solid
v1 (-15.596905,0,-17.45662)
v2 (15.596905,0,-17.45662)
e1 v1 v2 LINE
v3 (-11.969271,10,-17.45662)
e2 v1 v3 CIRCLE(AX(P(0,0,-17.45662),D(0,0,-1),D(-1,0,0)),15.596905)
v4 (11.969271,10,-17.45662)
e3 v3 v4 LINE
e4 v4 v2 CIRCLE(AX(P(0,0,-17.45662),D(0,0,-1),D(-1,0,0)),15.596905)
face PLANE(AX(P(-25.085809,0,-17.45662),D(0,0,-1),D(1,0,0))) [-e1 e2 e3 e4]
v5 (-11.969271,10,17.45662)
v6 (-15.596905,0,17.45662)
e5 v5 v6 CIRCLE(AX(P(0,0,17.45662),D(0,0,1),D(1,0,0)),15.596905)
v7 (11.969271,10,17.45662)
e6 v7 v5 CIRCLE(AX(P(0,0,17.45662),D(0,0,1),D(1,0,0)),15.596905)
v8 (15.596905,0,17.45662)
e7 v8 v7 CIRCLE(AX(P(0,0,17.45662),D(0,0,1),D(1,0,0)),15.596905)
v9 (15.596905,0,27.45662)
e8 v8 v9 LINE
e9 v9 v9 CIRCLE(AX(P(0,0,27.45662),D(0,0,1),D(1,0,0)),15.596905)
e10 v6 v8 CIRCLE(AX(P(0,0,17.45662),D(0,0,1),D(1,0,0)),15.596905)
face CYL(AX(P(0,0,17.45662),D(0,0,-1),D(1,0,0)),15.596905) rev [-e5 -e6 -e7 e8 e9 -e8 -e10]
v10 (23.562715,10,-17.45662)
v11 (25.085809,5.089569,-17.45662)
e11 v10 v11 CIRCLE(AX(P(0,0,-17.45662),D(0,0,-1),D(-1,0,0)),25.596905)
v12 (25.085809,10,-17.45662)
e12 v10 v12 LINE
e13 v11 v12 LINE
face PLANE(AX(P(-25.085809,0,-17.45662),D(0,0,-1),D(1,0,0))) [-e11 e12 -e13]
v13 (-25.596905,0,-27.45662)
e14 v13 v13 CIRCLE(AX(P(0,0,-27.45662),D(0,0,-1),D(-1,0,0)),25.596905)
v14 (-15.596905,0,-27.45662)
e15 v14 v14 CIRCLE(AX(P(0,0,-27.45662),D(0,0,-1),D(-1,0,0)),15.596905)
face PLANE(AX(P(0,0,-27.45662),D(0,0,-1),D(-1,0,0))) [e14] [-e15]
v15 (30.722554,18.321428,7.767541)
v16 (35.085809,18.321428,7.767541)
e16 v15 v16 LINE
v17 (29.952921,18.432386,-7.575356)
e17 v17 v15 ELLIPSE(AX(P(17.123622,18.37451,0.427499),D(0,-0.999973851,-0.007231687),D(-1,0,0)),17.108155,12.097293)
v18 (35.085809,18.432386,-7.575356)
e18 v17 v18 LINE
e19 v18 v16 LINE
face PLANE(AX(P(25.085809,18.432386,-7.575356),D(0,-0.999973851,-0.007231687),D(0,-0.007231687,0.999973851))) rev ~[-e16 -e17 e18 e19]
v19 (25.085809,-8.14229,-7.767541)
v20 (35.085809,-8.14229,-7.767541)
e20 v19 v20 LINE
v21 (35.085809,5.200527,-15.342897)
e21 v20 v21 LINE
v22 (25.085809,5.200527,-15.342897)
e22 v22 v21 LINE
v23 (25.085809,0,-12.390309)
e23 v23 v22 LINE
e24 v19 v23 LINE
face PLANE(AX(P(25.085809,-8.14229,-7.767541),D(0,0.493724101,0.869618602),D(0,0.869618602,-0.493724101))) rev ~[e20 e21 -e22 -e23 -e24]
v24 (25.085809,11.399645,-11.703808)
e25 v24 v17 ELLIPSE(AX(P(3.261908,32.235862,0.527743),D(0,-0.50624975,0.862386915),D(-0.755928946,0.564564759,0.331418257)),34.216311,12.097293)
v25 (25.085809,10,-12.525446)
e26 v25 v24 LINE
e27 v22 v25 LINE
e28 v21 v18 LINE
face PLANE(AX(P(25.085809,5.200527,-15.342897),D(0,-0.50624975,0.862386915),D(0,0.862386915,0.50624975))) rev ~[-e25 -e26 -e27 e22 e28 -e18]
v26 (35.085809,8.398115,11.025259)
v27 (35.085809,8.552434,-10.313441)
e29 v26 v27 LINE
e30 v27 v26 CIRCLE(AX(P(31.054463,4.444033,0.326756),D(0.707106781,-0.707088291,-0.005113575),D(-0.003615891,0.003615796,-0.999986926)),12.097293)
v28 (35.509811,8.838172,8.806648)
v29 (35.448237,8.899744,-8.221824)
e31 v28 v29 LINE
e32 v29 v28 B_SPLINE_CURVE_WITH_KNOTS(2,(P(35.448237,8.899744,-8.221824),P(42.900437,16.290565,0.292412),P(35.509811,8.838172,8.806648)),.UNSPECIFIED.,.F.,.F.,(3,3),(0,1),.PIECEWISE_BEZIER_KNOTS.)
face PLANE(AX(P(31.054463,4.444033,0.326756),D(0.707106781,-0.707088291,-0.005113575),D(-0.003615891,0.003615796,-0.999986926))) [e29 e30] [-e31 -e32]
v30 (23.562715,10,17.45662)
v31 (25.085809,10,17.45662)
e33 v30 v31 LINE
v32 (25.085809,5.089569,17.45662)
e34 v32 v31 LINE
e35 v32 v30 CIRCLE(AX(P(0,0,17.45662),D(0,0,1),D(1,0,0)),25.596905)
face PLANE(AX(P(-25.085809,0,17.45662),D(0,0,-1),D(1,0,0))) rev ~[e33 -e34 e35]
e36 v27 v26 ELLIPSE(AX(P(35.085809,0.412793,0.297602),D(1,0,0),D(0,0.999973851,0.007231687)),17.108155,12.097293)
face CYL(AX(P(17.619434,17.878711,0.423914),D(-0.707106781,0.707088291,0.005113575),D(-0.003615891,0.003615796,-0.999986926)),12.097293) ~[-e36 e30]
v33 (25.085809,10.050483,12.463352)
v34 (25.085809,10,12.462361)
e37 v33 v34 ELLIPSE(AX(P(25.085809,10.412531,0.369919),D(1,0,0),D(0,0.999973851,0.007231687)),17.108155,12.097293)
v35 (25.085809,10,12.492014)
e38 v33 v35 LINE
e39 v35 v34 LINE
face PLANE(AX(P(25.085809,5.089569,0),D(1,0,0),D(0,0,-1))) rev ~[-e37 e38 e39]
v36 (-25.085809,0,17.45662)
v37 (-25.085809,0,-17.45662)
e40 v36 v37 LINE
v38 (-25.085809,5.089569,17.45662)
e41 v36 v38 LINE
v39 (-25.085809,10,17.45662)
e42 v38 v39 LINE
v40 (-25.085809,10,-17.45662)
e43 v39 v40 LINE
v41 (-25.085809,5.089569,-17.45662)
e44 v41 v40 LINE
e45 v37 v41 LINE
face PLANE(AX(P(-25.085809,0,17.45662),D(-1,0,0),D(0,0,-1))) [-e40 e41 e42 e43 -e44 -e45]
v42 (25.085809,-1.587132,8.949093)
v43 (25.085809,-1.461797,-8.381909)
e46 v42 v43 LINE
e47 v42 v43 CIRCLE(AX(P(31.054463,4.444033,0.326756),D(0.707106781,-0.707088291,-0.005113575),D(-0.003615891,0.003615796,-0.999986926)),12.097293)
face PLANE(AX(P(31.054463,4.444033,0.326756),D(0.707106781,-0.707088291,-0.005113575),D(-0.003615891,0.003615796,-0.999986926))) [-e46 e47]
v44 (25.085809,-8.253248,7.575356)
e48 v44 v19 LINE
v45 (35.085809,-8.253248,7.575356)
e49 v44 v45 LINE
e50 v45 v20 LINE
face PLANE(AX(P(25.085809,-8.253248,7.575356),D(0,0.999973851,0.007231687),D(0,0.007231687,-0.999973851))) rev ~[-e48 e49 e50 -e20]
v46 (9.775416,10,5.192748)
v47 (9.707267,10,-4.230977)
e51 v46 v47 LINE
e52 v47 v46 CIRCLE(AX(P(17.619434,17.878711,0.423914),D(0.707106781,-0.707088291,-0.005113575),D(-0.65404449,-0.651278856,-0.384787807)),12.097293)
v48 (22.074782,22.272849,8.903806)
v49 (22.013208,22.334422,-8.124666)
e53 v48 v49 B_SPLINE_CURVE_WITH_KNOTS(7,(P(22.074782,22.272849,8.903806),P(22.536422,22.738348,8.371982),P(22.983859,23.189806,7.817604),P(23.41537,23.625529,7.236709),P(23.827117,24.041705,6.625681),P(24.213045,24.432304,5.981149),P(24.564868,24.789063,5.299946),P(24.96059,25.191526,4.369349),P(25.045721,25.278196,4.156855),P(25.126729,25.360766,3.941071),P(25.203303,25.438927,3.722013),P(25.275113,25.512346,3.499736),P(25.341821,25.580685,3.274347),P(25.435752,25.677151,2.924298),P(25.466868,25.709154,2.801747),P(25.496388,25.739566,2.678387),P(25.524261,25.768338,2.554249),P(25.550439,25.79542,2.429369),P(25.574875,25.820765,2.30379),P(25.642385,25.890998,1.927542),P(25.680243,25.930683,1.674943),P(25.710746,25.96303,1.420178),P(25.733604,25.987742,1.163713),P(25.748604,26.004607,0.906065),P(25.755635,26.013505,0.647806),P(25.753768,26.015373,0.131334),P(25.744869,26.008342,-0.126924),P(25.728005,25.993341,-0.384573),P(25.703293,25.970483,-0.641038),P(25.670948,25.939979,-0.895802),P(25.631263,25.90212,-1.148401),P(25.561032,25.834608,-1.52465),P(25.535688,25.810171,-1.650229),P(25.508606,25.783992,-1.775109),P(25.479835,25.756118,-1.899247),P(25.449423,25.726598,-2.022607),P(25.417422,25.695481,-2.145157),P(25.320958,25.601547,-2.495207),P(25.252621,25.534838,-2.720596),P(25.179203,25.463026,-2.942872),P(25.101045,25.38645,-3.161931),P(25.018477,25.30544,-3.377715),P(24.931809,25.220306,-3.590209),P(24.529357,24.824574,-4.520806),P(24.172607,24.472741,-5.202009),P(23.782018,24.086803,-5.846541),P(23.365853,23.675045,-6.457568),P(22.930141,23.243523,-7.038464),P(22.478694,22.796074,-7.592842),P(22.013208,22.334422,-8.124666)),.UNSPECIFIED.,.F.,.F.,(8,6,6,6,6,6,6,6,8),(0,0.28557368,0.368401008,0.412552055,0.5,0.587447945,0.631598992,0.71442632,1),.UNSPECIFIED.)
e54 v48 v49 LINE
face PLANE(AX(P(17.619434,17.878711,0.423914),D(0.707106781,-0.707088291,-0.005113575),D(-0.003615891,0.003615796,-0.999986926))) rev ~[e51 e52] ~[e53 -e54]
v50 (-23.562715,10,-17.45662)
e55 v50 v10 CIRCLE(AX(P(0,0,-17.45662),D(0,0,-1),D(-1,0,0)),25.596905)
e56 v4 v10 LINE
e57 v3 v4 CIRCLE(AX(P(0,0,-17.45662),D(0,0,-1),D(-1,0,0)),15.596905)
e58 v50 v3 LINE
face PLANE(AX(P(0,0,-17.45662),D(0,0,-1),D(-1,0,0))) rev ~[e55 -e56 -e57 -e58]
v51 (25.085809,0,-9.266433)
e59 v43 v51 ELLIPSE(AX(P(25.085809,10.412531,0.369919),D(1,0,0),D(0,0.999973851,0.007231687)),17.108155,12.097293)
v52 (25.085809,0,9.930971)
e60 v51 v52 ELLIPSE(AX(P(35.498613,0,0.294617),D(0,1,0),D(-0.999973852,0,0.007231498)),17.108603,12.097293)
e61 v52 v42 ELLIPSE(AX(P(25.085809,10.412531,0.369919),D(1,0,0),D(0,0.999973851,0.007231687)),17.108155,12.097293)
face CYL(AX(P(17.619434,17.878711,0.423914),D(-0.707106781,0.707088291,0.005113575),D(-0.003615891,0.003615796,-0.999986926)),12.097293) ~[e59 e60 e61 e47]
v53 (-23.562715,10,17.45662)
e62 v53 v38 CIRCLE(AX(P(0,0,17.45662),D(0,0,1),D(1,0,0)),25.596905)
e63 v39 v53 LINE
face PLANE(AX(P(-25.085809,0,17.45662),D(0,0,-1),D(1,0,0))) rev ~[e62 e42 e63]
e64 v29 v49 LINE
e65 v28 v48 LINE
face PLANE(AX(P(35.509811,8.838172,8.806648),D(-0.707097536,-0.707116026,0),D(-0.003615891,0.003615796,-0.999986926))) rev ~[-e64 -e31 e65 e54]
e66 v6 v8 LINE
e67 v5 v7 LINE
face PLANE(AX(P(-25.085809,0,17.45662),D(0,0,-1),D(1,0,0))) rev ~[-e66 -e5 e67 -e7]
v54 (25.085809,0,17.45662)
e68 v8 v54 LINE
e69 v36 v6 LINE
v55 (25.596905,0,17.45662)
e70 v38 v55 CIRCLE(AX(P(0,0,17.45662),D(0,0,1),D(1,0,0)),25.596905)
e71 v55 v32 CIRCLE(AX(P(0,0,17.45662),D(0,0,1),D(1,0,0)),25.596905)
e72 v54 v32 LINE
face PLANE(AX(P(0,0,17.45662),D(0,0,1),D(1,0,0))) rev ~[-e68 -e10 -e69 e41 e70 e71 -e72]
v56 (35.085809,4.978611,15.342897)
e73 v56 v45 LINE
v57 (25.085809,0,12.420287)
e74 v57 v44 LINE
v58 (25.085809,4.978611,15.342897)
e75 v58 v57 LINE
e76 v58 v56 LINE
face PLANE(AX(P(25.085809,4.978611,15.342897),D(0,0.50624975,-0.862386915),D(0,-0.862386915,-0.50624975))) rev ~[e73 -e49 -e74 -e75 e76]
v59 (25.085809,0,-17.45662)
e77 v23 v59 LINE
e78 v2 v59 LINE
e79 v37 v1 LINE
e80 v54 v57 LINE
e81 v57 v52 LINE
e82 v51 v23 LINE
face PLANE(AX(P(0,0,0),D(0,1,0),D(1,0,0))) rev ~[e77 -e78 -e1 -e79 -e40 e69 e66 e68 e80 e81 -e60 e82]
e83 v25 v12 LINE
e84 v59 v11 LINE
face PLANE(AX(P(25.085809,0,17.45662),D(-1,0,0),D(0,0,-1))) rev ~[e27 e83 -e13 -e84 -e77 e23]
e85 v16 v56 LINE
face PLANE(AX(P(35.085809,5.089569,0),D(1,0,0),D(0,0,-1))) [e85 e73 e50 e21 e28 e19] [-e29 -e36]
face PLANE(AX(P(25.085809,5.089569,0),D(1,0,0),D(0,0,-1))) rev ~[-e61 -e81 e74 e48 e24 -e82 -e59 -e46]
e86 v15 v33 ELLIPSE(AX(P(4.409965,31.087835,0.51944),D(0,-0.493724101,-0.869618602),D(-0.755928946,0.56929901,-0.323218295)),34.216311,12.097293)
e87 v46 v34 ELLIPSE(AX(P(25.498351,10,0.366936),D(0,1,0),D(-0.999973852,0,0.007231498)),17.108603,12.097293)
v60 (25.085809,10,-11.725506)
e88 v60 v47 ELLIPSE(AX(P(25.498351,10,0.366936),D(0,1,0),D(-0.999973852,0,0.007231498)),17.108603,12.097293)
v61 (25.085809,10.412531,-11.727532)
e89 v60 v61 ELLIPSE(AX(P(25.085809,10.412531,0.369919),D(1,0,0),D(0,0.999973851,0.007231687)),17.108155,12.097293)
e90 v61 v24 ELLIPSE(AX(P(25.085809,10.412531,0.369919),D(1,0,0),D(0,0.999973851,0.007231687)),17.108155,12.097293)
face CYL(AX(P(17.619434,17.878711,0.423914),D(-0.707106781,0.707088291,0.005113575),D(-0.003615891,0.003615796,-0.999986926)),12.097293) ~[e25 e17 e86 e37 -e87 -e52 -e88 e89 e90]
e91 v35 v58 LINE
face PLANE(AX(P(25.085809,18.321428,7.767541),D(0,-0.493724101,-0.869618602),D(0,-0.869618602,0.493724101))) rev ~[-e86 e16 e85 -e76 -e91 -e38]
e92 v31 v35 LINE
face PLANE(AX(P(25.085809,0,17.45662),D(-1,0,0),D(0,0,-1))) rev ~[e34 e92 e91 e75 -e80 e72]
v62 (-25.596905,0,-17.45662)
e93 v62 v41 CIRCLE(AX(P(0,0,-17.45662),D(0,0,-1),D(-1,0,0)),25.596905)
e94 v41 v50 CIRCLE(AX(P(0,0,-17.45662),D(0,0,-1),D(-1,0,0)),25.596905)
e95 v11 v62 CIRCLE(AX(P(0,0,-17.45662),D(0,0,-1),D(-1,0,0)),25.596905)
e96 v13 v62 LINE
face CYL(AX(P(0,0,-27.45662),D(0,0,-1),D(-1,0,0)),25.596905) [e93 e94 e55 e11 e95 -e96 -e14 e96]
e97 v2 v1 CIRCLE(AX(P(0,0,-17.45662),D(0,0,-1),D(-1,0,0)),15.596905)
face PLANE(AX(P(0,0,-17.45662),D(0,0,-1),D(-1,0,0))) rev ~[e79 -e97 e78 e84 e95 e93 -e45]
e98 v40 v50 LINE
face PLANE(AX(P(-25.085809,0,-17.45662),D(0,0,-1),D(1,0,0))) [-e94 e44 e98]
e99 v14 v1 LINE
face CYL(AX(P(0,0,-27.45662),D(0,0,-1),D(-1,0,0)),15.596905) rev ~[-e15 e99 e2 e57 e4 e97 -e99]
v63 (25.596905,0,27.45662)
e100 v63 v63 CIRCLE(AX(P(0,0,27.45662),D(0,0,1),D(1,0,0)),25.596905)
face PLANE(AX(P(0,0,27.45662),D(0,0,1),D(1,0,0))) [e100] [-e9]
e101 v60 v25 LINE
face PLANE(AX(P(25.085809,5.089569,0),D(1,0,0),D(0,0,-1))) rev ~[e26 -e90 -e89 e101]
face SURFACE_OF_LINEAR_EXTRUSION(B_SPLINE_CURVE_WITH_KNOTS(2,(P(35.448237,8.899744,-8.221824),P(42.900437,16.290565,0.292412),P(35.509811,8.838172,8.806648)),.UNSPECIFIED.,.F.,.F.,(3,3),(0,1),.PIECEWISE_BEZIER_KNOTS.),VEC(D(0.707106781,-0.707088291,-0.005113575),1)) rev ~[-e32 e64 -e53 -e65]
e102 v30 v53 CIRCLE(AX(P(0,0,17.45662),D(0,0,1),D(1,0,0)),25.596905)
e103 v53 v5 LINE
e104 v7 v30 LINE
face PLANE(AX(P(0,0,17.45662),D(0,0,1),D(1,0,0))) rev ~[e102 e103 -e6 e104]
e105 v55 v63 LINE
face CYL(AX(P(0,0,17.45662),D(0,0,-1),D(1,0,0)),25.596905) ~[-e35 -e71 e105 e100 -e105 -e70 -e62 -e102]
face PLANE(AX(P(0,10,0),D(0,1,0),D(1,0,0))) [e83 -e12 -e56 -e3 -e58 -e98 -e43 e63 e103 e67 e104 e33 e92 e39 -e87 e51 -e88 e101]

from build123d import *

# Parameters (mm, degrees)
SKETCH_1_W           = 50.17161873
SKETCH_1_H           = 34.913239838
EXTRUDE_1_DEPTH      = 10
SKETCH_2_R           = 25.596904926
SKETCH_2_R_2         = 15.596904926
EXTRUDE_1_2_DEPTH    = 10
EXTRUDE_START        = 10
SKETCH_3_R           = 25.596904926
SKETCH_3_R_2         = 15.596904926
EXTRUDE_2_DEPTH      = 10
EXTRUDE_2_2_DEPTH    = 10
EXTRUDE_3_DEPTH      = 7
EXTRUDE_3_DEPTH_BACK = 12
SKETCH_5_R           = 12.097292752
CUT_EXTRUDE_1_DEPTH  = 63.060098254


with BuildPart() as part:
    # 草圖1 → Extrude 1 (new body)
    with BuildSketch(Plane(origin=(0, 0, 0), x_dir=(1, 0, 0), z_dir=(0, 1, 0))):
        Rectangle(SKETCH_1_W, SKETCH_1_H)
    extrude(amount=EXTRUDE_1_DEPTH)

    # 草圖2 → Extrude 1 2 (add)
    with BuildSketch(Plane.XY.offset(17.456619919)):
        Circle(SKETCH_2_R)
        Circle(SKETCH_2_R_2, mode=Mode.SUBTRACT)
    extrude(amount=EXTRUDE_1_2_DEPTH)

    # 草圖3 → Extrude 2 (add)
    with BuildSketch(Plane(origin=(0, 0, -17.456619919), x_dir=(-1, 0, 0), z_dir=(0, 0, -1)).offset(EXTRUDE_START)):
        Circle(SKETCH_3_R)
        Circle(SKETCH_3_R_2, mode=Mode.SUBTRACT)
    extrude(amount=-EXTRUDE_2_DEPTH)

    # 草圖4 → Extrude 2 2 (add)
    with BuildSketch(Plane(origin=(25.085809365, 0, 0), x_dir=(0, 0, -1), z_dir=(1, 0, 0))):
        Polygon((7.767540636, -8.142290403), (15.342896504, 5.2005267), (7.575355868, 18.432385876), (-7.767540636, 18.321427949), (-15.342896504, 4.978610845), (-7.575355868, -8.253248331), align=None)
    extrude(amount=EXTRUDE_2_2_DEPTH)

    # 草圖5 → 填料-伸長3 (add, two sides: drawn at the far end of the back side and taken through both)
    with BuildSketch(Plane(origin=(8.35434404, -8.354125583, -0.060416002), x_dir=(-0.003615890802849244, 0.003615796250954227, -0.9999869255901167), z_dir=(0.7071067811865482, -0.7070882910578936, -0.005113574955600474)).offset(-EXTRUDE_3_DEPTH_BACK)):
        with Locations((-0.42297231, 25.100981723)):
            Circle(SKETCH_5_R)
    extrude(amount=EXTRUDE_3_DEPTH + EXTRUDE_3_DEPTH_BACK)

    # 草圖6 → 除料-伸長1 (cut, through all)
    with BuildSketch(Plane(origin=(13.304091508, -13.30374362, -0.096211026), x_dir=(-0.0036158908028492477, 0.0036157962509542232, -0.9999869255901167), z_dir=(0.7071067811865483, -0.7070882910578935, -0.005113574955600474))):
        with BuildLine():
            Line((-8.90297564, 31.358512716), (8.125719102, 31.358512716))
            add(Edge.make_bspline(
                [(8.125719102, 31.358512716), (-0.388628269, 41.854112763), (-8.90297564, 31.358512716)],
                knots=[0, 0, 0, 1, 1, 1], degree=2))
        make_face()
    extrude(amount=-CUT_EXTRUDE_1_DEPTH, mode=Mode.SUBTRACT)


solid = part.part
